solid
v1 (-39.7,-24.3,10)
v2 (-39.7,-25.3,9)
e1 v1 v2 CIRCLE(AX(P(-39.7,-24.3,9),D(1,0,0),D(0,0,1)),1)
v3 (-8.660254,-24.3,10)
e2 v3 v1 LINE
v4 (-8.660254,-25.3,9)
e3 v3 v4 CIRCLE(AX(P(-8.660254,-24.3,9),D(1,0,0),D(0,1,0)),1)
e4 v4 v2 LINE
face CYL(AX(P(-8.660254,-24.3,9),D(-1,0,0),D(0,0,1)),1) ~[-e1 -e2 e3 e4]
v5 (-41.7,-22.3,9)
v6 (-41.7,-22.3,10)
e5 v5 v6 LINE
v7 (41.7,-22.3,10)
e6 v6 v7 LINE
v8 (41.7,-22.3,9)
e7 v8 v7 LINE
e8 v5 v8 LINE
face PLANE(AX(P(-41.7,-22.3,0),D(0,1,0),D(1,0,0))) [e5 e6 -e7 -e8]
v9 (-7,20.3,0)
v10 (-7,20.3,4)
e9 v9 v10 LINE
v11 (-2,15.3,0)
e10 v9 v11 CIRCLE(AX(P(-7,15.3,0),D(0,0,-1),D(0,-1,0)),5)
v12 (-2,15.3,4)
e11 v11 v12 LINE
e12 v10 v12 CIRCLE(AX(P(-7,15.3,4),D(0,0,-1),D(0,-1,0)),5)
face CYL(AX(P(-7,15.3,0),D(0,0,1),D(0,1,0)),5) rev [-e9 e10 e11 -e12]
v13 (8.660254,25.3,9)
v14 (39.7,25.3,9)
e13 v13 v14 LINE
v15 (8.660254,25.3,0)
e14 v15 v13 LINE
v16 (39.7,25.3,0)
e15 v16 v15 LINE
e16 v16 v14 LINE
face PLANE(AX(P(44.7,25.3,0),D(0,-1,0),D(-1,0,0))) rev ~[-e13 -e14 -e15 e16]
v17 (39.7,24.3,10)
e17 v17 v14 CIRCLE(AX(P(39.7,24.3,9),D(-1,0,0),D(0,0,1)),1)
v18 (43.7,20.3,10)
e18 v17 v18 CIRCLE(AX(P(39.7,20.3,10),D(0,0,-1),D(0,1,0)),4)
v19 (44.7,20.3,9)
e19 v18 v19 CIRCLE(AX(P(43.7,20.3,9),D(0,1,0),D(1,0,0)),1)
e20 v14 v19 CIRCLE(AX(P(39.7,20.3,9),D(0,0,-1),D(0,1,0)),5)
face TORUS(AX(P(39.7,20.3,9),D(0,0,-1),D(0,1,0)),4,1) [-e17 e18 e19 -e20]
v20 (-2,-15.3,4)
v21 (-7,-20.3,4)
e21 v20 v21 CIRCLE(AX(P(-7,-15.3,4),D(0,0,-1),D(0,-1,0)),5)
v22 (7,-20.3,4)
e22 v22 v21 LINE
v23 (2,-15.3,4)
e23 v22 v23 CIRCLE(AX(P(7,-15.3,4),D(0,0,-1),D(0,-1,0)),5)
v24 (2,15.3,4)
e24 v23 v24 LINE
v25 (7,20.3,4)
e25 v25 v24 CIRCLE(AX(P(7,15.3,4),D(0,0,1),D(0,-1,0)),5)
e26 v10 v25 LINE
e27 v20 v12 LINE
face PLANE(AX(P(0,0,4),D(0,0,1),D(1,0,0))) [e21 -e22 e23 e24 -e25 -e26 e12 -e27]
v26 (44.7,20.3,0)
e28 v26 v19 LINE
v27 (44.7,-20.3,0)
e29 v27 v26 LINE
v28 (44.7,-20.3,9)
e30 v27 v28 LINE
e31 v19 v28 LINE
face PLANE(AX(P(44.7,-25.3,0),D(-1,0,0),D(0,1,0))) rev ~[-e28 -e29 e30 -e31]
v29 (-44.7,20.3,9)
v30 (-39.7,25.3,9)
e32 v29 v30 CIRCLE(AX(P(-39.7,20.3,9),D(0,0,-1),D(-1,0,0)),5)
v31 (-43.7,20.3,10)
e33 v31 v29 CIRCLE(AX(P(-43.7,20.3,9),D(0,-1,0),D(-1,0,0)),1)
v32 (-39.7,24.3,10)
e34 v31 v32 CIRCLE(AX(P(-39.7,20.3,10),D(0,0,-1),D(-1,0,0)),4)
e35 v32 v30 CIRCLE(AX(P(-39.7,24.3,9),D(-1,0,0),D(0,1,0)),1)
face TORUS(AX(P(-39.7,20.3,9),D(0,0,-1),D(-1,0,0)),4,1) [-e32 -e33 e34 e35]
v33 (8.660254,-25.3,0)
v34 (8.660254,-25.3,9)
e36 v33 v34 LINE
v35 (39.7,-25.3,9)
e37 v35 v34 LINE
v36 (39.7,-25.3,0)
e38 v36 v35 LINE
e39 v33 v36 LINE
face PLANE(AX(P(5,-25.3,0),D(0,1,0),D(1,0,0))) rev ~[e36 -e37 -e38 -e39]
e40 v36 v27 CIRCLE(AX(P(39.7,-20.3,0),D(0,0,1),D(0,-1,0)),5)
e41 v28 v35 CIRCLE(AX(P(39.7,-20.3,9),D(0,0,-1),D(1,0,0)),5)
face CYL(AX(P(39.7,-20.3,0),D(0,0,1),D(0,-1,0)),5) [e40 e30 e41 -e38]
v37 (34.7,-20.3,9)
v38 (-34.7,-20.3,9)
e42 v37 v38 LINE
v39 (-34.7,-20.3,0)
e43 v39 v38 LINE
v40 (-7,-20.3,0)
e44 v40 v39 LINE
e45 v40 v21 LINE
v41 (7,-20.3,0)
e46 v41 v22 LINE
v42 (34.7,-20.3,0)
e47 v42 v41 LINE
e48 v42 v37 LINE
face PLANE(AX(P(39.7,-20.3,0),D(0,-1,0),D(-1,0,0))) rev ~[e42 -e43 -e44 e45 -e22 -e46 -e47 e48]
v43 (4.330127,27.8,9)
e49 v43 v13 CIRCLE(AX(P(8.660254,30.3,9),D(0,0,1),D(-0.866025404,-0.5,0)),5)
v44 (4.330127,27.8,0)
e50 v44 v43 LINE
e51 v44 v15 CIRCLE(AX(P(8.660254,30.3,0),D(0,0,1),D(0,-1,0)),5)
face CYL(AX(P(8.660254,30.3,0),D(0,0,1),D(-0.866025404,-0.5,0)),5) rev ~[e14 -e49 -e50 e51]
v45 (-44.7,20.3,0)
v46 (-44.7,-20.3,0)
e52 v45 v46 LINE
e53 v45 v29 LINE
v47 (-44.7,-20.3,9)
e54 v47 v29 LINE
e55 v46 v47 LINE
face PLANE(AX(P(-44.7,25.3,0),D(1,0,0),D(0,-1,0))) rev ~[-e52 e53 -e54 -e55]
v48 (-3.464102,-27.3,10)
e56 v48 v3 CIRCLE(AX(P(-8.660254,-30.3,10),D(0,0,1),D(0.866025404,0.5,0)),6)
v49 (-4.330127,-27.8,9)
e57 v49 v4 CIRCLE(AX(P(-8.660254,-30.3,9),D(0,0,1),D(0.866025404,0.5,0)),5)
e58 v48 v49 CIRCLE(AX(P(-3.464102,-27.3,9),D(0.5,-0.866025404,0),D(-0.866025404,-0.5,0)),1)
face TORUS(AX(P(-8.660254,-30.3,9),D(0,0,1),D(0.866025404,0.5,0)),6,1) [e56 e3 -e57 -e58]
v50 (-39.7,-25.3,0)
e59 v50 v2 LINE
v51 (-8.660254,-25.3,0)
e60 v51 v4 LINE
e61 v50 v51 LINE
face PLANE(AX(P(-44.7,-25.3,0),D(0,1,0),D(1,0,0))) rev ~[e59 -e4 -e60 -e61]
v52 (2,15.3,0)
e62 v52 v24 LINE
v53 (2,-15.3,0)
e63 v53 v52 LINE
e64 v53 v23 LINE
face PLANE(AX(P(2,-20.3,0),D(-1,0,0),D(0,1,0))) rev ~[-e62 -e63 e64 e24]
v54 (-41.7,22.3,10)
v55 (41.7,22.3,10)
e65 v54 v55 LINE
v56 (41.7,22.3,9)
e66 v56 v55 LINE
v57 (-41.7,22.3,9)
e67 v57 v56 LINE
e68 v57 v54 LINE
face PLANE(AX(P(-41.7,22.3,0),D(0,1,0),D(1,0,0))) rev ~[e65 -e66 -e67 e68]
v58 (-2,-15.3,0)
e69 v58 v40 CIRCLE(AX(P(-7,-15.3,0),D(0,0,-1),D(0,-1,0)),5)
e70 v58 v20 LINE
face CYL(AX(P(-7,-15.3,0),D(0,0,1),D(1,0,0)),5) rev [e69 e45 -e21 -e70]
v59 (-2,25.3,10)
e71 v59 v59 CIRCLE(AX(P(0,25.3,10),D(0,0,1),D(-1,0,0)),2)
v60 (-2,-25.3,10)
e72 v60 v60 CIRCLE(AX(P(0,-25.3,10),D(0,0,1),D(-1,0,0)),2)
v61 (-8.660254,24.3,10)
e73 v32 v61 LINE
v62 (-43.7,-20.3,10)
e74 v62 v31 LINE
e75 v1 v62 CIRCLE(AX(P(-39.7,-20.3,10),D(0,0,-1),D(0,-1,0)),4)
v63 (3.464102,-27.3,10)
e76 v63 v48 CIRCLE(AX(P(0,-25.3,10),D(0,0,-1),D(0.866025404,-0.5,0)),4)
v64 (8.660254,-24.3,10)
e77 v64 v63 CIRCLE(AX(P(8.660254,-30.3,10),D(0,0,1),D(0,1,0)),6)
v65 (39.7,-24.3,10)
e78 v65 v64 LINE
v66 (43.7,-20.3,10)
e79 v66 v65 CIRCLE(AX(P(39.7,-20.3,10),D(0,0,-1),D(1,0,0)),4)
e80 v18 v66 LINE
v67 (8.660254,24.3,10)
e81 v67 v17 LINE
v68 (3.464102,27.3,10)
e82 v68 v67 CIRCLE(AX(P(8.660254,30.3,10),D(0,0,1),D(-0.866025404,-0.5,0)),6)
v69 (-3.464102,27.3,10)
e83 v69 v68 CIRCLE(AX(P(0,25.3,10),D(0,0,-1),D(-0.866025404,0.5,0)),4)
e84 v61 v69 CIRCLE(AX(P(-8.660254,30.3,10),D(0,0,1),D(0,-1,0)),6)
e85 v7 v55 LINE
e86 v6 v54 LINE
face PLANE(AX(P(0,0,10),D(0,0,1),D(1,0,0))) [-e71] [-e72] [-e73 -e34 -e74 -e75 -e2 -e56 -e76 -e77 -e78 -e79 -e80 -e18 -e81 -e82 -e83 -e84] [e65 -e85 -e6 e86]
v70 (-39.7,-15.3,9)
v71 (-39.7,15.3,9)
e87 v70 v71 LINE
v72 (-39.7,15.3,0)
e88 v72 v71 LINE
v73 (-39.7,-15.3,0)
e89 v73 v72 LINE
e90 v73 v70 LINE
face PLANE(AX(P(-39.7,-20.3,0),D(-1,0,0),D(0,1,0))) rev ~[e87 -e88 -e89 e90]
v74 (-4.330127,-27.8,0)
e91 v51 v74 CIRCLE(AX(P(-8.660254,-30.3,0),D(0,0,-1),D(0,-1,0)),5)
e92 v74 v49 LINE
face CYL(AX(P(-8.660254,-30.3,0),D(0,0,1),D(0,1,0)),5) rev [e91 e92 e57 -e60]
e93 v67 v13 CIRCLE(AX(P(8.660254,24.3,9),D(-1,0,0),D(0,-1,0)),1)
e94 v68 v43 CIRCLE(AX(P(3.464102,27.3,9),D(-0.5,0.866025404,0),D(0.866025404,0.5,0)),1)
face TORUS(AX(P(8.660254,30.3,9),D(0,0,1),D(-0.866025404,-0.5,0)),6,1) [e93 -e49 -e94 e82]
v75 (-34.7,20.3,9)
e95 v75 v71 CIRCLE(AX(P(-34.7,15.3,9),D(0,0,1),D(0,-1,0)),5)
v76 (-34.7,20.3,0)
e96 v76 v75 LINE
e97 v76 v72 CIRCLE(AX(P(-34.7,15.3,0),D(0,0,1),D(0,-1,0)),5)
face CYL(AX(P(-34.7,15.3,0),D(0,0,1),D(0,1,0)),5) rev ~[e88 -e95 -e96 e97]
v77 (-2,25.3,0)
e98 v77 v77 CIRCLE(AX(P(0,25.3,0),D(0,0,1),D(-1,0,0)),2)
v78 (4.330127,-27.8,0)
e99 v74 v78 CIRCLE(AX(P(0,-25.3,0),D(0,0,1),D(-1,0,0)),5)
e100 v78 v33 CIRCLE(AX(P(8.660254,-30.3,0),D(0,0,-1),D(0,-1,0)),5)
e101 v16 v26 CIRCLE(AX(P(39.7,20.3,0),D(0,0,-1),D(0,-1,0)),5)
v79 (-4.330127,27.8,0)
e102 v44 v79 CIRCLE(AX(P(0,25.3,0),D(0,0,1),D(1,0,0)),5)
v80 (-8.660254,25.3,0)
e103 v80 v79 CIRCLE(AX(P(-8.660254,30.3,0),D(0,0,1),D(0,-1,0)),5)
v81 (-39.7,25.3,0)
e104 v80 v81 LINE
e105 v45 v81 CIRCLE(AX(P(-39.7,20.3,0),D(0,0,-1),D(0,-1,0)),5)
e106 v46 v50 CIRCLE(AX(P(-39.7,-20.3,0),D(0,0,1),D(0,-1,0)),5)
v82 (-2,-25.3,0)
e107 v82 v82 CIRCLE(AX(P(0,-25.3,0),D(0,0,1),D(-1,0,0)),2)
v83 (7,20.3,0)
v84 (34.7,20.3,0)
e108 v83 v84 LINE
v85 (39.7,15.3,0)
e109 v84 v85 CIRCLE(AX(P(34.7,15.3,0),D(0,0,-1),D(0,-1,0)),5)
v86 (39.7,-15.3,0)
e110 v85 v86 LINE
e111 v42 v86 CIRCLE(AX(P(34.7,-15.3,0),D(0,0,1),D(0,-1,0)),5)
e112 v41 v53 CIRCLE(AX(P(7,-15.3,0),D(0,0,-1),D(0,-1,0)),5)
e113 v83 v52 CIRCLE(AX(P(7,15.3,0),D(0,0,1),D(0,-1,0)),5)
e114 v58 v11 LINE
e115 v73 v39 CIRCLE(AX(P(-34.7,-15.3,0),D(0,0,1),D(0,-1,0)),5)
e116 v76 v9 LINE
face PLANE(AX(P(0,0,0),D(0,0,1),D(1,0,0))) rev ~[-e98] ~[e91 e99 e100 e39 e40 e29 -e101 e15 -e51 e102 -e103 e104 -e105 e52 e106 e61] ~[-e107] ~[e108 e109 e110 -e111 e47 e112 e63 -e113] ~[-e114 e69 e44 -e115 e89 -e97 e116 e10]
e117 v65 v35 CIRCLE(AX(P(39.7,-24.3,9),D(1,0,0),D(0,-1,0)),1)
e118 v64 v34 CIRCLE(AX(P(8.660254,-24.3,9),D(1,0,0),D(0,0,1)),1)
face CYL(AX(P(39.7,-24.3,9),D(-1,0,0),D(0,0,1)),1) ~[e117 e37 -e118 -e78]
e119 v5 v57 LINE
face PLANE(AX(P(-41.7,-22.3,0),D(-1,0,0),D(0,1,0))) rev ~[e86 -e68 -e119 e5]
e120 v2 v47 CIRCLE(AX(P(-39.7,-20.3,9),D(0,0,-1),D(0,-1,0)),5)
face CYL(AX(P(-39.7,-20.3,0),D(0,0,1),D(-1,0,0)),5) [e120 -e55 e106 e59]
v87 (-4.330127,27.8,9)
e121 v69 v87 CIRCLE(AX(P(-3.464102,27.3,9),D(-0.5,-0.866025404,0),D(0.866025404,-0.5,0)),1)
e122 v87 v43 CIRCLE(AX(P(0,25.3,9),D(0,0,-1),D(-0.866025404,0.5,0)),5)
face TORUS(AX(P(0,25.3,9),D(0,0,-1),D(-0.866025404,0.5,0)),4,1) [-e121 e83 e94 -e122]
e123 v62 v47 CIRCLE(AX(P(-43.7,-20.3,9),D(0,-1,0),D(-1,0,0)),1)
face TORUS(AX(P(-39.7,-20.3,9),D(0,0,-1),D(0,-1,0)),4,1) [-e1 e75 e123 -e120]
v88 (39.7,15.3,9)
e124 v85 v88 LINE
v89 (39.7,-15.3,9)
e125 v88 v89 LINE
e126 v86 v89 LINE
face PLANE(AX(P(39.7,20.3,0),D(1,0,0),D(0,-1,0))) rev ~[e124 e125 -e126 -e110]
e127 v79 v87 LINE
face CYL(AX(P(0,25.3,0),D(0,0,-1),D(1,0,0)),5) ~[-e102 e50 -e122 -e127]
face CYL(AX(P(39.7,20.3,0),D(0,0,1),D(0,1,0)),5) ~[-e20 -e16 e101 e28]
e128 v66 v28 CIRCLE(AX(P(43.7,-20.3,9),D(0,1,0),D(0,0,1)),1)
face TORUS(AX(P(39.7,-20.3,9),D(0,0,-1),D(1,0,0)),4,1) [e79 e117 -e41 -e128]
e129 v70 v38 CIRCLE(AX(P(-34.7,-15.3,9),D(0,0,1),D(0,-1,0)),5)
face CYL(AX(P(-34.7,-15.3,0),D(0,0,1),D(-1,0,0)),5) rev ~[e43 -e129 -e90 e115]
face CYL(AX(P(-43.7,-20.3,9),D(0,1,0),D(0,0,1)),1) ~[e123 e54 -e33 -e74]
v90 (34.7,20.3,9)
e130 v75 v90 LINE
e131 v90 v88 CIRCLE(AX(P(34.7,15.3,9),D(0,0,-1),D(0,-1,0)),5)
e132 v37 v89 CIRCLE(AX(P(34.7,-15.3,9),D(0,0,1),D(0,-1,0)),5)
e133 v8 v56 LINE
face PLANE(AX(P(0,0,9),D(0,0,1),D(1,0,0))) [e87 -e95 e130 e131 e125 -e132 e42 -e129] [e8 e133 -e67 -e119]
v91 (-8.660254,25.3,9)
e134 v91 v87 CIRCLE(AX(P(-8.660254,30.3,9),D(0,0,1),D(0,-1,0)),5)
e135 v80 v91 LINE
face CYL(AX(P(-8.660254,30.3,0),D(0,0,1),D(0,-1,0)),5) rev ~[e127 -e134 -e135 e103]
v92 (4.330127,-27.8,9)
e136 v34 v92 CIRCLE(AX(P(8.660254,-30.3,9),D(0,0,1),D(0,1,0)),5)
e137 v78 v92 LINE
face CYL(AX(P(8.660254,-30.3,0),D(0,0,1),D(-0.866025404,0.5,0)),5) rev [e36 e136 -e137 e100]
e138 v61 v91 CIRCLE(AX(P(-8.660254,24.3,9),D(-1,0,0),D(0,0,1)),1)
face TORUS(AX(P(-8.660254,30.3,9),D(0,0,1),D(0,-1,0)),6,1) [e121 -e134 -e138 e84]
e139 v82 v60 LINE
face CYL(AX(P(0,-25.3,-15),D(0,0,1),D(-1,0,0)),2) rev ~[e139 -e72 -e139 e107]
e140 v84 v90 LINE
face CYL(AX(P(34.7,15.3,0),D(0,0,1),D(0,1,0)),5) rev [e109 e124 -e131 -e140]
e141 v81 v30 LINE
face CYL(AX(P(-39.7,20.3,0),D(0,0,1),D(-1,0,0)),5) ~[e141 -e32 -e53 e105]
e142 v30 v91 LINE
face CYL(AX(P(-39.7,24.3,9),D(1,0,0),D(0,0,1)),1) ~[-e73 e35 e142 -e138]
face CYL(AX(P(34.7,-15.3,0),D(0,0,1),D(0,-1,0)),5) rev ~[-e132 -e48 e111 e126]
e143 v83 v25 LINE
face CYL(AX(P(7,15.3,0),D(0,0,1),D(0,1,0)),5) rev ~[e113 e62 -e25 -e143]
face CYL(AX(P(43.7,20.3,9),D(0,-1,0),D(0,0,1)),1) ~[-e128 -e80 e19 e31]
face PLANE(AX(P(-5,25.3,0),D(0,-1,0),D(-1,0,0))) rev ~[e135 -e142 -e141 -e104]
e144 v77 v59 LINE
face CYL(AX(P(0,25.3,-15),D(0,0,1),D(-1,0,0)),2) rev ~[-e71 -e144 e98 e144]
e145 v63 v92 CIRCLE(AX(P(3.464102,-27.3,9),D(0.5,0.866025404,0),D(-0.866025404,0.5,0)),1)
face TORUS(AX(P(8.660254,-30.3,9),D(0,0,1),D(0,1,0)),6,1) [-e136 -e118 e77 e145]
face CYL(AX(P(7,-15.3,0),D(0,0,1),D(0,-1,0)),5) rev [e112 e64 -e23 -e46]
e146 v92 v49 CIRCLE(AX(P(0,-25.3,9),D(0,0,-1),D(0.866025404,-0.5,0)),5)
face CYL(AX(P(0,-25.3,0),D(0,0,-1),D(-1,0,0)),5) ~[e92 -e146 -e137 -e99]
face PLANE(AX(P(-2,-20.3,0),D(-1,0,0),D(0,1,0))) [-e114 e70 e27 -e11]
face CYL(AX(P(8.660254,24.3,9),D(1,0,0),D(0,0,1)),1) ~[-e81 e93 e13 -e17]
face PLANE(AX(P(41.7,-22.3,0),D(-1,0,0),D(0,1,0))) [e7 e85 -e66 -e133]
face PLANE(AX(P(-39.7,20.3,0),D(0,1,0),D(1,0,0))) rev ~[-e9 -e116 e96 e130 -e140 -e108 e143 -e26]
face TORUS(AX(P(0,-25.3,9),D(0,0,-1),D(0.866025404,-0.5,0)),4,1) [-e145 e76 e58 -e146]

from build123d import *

# Parameters (mm, degrees)
F0_W     = 83.4
F0_H     = 44.6
F1_DEPTH = 9
F2_DEPTH = 10
F0_W_2   = 4
F0_H_2   = 40.6
F3_DEPTH = 4
F4_D     = 4
F4_DEPTH = 15
F4_TIP   = 1.2017212381
F5_R     = 5
F6_R     = 1


with BuildPart() as f1:
    # F0 (on Top) → F1 (new body)
    with BuildSketch(Plane.XY):
        Rectangle(F0_W, F0_H)
        Polygon((-39.7, -20.3), (-39.7, 20.3), (-2, 20.3), (2, 20.3), (39.7, 20.3), (39.7, -20.3), (2, -20.3), (-2, -20.3), align=None, mode=Mode.SUBTRACT)
    extrude(amount=F1_DEPTH)

    # F0 (on Top) → F2 (join)
    with BuildSketch(Plane.XY):
        Polygon((-5, 25.3), (-44.7, 25.3), (-44.7, -25.3), (-5, -25.3), (5, -25.3), (44.7, -25.3), (44.7, 25.3), (5, 25.3), align=None)
        Rectangle(F0_W, F0_H, mode=Mode.SUBTRACT)
        with BuildLine():
            Line((5, -25.3), (-5, -25.3))
            ThreePointArc((-5, -25.3), (0, -30.3), (5, -25.3))
        make_face()
        with BuildLine():
            ThreePointArc((5, 25.3), (0, 30.3), (-5, 25.3))
            Line((-5, 25.3), (5, 25.3))
        make_face()
    extrude(amount=F2_DEPTH)

    # F0 (on Top) → F3 (join)
    with BuildSketch(Plane.XY):
        Rectangle(F0_W_2, F0_H_2)
    extrude(amount=F3_DEPTH)

    # F4
    with Locations(Plane(origin=(0, 0, 0), x_dir=(1, 0, 0), z_dir=(0, 0, -1))):
        with Locations((0, -25.3), (0, 25.3)):
            Hole(F4_D / 2, depth=F4_DEPTH)
            with Locations((0, 0, -(F4_DEPTH + F4_TIP / 2))):  # 118° drill point
                Cone(0, F4_D / 2, F4_TIP, mode=Mode.SUBTRACT)

    # F5
    f5_edges = [f1.edges().sort_by_distance(p)[0] for p in [
        (-44.7, 25.3, 5),
        (-5, 25.3, 5),
        (5, 25.3, 5),
        (44.7, 25.3, 5),
        (44.7, -25.3, 5),
        (-5, -25.3, 5),
        (5, -25.3, 5),
        (-44.7, -25.3, 5),
        (2, 20.3, 2),
        (-2, 20.3, 2),
        (2, -20.3, 2),
        (-2, -20.3, 2),
        (39.7, 20.3, 4.5),
        (-39.7, 20.3, 4.5),
        (-39.7, -20.3, 4.5),
        (39.7, -20.3, 4.5),
    ]]
    fillet(f5_edges, radius=F5_R)

    # F6
    f6_edges = [f1.edges().sort_by_distance(p)[0] for p in [
        (-43.235534, 23.835534, 10),
    ]]
    fillet(f6_edges, radius=F6_R)


solid = f1.part
